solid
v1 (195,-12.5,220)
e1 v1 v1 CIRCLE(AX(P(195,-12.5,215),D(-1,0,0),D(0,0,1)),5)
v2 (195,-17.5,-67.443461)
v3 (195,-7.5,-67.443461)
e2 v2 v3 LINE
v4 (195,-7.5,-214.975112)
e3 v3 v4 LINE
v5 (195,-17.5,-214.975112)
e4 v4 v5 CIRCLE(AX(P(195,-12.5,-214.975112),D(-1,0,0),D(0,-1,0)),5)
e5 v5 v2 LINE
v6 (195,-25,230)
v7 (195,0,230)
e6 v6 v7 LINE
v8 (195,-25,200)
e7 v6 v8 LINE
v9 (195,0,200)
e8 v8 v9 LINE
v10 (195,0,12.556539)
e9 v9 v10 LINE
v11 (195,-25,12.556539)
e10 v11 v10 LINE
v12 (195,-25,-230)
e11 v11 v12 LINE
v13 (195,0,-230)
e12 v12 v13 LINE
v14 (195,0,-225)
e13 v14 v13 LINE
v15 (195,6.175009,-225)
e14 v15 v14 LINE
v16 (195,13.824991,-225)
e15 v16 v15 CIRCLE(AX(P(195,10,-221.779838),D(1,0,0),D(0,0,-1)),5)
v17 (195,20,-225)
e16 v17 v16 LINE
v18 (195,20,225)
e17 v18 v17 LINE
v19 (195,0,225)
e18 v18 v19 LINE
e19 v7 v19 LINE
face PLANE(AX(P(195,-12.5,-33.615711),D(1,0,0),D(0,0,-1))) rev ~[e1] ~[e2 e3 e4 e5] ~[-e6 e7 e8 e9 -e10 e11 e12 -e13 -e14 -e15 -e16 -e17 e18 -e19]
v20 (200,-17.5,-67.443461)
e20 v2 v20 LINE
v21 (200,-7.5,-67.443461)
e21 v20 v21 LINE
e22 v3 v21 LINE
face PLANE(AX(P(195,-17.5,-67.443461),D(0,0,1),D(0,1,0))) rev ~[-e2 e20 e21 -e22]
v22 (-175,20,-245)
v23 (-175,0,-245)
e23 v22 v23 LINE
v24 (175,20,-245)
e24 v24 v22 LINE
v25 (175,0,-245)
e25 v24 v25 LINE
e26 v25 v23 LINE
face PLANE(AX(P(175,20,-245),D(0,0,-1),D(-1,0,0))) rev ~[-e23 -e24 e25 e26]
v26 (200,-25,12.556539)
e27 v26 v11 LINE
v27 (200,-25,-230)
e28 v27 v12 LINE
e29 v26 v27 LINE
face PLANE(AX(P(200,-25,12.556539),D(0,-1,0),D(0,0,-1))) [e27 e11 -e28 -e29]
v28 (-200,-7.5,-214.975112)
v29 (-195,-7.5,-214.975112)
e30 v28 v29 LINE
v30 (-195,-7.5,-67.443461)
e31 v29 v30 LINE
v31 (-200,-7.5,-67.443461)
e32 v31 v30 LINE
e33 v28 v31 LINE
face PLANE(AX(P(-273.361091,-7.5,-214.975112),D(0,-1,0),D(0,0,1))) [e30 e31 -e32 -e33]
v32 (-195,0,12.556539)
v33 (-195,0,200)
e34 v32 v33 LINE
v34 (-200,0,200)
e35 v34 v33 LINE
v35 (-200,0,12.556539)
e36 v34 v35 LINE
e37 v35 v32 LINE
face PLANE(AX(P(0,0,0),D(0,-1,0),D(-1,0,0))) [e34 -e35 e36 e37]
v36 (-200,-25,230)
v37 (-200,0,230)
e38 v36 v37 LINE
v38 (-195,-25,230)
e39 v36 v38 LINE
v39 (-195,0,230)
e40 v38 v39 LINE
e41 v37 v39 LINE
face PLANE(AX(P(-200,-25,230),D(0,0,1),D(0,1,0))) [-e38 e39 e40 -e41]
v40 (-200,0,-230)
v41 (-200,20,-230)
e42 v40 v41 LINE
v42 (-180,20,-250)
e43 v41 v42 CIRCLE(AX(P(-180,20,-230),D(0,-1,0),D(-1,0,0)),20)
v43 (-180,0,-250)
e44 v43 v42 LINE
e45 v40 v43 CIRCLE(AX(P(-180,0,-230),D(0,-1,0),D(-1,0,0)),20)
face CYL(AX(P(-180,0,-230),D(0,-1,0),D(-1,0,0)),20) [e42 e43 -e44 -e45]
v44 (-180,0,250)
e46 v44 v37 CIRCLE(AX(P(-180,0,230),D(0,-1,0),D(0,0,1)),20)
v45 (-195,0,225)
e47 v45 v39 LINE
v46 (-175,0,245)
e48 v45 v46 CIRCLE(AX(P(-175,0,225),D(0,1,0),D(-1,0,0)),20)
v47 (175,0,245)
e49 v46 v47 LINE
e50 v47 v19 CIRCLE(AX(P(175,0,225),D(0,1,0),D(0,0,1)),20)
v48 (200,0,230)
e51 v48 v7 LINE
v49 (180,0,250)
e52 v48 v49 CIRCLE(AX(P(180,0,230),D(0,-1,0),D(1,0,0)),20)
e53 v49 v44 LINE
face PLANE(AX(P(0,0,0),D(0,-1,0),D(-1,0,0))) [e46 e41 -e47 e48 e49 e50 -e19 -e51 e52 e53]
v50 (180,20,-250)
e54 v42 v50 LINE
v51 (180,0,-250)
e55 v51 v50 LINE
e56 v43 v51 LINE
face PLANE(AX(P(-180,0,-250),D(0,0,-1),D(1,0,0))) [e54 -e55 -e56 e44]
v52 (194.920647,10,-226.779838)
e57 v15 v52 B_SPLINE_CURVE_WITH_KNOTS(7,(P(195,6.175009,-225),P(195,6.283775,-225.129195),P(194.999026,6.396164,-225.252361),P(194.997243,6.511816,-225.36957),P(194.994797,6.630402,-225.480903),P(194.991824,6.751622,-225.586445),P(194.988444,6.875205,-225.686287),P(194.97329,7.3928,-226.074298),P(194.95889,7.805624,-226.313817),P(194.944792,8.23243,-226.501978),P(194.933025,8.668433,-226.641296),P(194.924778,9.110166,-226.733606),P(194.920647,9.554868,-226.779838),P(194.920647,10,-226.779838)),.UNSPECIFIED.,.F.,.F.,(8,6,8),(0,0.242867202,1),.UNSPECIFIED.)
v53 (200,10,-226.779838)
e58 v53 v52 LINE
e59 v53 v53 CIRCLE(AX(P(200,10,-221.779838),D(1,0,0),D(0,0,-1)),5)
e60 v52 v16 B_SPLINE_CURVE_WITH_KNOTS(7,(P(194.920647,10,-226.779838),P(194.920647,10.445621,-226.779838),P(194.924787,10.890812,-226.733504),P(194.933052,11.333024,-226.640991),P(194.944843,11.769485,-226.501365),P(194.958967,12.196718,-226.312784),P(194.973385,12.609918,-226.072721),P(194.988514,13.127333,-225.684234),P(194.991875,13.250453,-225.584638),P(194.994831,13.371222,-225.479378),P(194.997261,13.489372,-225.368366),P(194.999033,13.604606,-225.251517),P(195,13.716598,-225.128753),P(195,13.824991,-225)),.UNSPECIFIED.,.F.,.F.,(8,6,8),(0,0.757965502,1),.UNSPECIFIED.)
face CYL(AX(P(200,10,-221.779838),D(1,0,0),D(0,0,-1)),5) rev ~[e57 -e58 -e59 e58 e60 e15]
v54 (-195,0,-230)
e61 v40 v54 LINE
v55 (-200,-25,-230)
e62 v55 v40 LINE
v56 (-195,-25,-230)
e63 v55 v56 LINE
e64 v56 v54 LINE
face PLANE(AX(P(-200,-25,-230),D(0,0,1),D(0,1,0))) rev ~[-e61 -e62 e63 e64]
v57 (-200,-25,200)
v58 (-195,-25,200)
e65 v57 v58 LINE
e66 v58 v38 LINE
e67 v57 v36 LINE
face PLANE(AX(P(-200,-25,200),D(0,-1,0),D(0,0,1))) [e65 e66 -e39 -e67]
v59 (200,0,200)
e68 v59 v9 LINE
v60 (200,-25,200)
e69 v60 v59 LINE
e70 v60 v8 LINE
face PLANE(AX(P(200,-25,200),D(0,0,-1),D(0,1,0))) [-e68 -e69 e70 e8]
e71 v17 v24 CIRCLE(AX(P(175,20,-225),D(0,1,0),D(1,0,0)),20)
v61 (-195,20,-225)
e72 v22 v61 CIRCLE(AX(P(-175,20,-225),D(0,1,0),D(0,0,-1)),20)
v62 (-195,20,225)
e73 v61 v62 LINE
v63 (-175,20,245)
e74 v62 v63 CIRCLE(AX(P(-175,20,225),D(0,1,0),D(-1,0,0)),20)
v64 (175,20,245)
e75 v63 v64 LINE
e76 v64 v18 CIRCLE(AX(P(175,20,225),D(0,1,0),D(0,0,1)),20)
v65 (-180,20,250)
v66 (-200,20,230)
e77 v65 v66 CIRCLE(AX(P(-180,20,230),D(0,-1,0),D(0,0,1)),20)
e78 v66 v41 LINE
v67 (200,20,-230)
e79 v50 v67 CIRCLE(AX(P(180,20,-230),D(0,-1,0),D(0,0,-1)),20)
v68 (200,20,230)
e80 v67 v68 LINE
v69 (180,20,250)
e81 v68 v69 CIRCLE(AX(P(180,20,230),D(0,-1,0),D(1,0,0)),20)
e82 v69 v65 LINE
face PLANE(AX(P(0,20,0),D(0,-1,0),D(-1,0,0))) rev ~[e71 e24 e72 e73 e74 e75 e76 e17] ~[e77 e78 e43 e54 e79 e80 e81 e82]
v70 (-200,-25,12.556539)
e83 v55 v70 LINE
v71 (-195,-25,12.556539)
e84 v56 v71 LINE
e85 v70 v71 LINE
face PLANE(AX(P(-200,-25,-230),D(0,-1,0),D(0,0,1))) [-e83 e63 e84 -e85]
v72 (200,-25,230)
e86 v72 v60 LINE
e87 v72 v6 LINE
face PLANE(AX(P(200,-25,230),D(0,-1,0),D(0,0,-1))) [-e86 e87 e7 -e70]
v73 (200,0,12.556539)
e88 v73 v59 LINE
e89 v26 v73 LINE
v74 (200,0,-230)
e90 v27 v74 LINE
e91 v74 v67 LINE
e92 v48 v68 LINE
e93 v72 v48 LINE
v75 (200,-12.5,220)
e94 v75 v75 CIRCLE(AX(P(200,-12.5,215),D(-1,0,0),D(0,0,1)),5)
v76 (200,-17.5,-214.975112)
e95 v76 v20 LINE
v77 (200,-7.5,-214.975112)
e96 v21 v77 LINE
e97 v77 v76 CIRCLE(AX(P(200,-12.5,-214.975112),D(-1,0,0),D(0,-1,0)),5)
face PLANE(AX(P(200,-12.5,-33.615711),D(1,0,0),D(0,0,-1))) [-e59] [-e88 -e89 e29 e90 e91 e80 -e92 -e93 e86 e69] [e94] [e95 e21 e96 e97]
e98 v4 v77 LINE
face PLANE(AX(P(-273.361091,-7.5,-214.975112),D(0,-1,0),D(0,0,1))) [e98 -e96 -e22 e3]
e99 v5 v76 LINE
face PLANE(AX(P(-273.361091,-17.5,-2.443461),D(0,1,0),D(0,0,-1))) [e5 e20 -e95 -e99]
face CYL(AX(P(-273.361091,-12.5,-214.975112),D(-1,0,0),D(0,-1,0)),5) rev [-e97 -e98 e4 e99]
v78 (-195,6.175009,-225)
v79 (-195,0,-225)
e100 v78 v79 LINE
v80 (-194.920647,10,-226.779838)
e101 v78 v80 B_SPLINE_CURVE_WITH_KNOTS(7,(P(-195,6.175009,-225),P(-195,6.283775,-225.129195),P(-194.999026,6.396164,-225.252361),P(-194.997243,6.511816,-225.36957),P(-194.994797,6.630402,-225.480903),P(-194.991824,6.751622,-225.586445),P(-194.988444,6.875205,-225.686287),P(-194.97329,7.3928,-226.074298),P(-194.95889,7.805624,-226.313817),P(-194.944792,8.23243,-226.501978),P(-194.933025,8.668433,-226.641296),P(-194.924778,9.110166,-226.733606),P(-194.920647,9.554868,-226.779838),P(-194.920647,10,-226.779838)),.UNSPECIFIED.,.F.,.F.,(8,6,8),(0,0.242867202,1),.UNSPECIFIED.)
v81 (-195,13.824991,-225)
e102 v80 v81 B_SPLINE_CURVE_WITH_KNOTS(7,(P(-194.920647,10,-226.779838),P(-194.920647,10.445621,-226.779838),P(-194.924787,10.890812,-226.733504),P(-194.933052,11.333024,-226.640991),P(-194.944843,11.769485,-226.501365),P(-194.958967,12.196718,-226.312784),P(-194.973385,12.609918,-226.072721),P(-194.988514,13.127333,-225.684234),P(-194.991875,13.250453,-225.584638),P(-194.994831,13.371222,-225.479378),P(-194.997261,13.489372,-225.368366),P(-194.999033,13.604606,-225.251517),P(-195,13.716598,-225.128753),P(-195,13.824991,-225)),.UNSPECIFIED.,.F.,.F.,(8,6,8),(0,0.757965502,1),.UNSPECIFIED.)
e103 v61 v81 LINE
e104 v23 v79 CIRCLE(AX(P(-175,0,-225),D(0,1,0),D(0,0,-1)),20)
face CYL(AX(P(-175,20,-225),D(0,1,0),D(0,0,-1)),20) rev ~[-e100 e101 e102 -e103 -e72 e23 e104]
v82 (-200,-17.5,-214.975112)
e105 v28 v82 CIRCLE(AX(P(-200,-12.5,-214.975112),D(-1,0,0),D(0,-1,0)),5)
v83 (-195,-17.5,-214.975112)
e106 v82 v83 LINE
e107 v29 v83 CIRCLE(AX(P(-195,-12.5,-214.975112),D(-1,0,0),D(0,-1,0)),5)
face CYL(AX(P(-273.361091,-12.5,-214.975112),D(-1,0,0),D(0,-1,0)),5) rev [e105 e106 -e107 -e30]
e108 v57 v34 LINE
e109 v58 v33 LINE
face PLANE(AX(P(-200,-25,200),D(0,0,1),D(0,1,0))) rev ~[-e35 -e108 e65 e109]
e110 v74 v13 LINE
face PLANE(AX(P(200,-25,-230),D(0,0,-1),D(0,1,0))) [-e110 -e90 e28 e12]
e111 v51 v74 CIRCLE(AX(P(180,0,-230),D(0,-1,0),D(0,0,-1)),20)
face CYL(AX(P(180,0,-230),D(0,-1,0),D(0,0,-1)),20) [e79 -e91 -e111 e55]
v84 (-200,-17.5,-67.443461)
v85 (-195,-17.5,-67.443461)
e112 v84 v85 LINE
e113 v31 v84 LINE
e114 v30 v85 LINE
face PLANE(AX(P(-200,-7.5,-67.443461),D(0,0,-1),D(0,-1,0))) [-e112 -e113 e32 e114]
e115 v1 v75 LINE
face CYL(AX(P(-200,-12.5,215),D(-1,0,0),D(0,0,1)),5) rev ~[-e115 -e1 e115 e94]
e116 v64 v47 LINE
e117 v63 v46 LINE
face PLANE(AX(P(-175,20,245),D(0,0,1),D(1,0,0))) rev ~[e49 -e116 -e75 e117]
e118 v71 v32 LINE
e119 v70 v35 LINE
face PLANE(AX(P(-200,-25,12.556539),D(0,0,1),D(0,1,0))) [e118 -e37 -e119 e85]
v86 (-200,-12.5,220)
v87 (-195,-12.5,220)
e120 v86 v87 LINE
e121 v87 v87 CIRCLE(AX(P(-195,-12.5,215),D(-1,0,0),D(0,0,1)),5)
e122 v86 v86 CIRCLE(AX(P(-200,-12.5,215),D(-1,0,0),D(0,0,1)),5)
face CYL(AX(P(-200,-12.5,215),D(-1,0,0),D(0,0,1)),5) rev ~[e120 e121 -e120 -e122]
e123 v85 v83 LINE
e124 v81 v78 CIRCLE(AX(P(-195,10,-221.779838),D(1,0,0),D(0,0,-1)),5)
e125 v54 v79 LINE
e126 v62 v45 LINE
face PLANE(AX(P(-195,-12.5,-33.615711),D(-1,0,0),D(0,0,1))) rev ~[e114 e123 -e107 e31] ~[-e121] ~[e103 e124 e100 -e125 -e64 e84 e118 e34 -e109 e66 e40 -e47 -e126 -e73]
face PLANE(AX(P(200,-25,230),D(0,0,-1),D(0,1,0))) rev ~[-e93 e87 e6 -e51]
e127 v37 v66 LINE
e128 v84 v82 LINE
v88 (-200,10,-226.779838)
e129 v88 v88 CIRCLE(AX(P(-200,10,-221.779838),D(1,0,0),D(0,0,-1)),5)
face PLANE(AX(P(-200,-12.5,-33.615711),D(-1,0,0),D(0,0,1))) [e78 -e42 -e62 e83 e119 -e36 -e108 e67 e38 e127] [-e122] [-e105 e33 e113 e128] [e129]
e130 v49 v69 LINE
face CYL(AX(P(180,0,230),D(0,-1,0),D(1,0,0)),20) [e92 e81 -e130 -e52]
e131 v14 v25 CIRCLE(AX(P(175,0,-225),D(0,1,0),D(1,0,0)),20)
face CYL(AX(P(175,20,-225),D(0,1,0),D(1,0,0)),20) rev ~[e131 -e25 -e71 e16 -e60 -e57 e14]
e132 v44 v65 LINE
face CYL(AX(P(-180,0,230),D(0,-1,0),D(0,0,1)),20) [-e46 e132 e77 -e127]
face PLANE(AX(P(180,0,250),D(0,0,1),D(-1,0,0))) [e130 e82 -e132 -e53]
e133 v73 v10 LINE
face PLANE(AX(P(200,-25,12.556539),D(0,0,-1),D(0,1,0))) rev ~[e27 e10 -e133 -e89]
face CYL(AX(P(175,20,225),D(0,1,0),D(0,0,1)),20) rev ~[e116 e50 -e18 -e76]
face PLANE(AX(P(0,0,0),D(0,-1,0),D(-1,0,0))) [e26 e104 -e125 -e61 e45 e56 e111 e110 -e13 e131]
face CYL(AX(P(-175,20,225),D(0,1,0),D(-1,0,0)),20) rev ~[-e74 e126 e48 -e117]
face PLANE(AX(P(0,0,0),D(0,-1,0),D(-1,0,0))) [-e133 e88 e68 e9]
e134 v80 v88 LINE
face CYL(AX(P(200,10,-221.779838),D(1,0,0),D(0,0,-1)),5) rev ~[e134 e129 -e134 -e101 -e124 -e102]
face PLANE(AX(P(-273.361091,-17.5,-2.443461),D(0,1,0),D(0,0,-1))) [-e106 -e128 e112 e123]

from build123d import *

# Parameters (mm, degrees)
BOSS_EXTRUDE2_DEPTH     = 20
CUT_EXTRUDE1_DEPTH      = 20
SKETCH7_W               = 242.556539121
SKETCH7_H               = 25
BOSS_EXTRUDE3_DEPTH     = 5
SKETCH8_W               = 242.556539121
SKETCH8_H               = 25
BOSS_EXTRUDE4_DEPTH     = 5
CUT_EXTRUDE2_DEPTH      = 473.361090692
CUT_EXTRUDE2_DEPTH_BACK = 473.361090692
SKETCH11_W              = 30
SKETCH11_H              = 25
BOSS_EXTRUDE5_DEPTH     = 5
SKETCH13_W              = 30
SKETCH13_H              = 25
BOSS_EXTRUDE6_DEPTH     = 5
SKETCH14_R              = 5
CUT_EXTRUDE3_DEPTH      = 473.361090692
BOSS_EXTRUDE7_DEPTH     = 5
BOSS_EXTRUDE8_START     = -5
BOSS_EXTRUDE8_DEPTH     = 5
SKETCH19_R              = 5
CUT_EXTRUDE4_DEPTH      = 473.361090692


with BuildPart() as part:
    # Sketch5 → Boss-Extrude2 (new body)
    with BuildSketch(Plane(origin=(0, 0, 0), x_dir=(1, 0, 0), z_dir=(0, 1, 0))):
        with BuildLine():
            Line((-180, 250), (180, 250))
            ThreePointArc((180, 250), (194.142135624, 244.142135624), (200, 230))
            Line((200, 230), (200, -230))
            ThreePointArc((200, -230), (194.142135624, -244.142135624), (180, -250))
            Line((180, -250), (-180, -250))
            ThreePointArc((-180, -250), (-194.142135624, -244.142135624), (-200, -230))
            Line((-200, -230), (-200, 230))
            ThreePointArc((-200, 230), (-194.142135624, 244.142135624), (-180, 250))
        make_face()
    extrude(amount=BOSS_EXTRUDE2_DEPTH)

    # Sketch6 → Cut-Extrude1 (cut)
    with BuildSketch(Plane(origin=(0, 20, 0), x_dir=(1, 0, 0), z_dir=(0, 1, 0))):
        with BuildLine():
            Line((-175, -245), (175, -245))
            ThreePointArc((175, -245), (189.142135624, -239.142135624), (195, -225))
            Line((195, -225), (195, 225))
            ThreePointArc((195, 225), (189.142135624, 239.142135624), (175, 245))
            Line((175, 245), (-175, 245))
            ThreePointArc((-175, 245), (-189.142135624, 239.142135624), (-195, 225))
            Line((-195, 225), (-195, -225))
            ThreePointArc((-195, -225), (-189.142135624, -239.142135624), (-175, -245))
        make_face()
    extrude(amount=-CUT_EXTRUDE1_DEPTH, mode=Mode.SUBTRACT)

    # Sketch7 → Boss-Extrude3 (add)
    with BuildSketch(Plane(origin=(200, 0, 0), x_dir=(0, 0, -1), z_dir=(1, 0, 0))):
        with Locations((108.72173044, -12.5)):
            Rectangle(SKETCH7_W, SKETCH7_H)
    extrude(amount=-BOSS_EXTRUDE3_DEPTH)

    # Sketch8 → Boss-Extrude4 (add)
    with BuildSketch(Plane.ZY.offset(200)):
        with Locations((-108.72173044, -12.5)):
            Rectangle(SKETCH8_W, SKETCH8_H)
    extrude(amount=-BOSS_EXTRUDE4_DEPTH)

    # Sketch10 → Cut-Extrude2 (cut, two sides: drawn at the far end of the back side and taken through both)
    with BuildSketch(Plane(origin=(200, 0, 0), x_dir=(0, 0, -1), z_dir=(1, 0, 0)).offset(-CUT_EXTRUDE2_DEPTH_BACK)):
        with BuildLine():
            Line((214.975112076, -7.5), (2.443460879, -7.5))
            ThreePointArc((2.443460879, -7.5), (-2.556539121, -12.5), (2.443460879, -17.5))
            Line((2.443460879, -17.5), (214.975112076, -17.5))
            ThreePointArc((214.975112076, -17.5), (219.975112076, -12.5), (214.975112076, -7.5))
        make_face()
    extrude(amount=CUT_EXTRUDE2_DEPTH + CUT_EXTRUDE2_DEPTH_BACK, mode=Mode.SUBTRACT)

    # Sketch11 → Boss-Extrude5 (add)
    with BuildSketch(Plane(origin=(200, 0, 0), x_dir=(0, 0, -1), z_dir=(1, 0, 0))):
        with Locations((-215, -12.5)):
            Rectangle(SKETCH11_W, SKETCH11_H)
    extrude(amount=-BOSS_EXTRUDE5_DEPTH)

    # Sketch13 → Boss-Extrude6 (add)
    with BuildSketch(Plane.ZY.offset(200)):
        with Locations((215, -12.5)):
            Rectangle(SKETCH13_W, SKETCH13_H)
    extrude(amount=-BOSS_EXTRUDE6_DEPTH)

    # Sketch14 → Cut-Extrude3 (cut, through all)
    with BuildSketch(Plane.ZY.offset(200)):
        with Locations((215, -12.5)):
            Circle(SKETCH14_R)
    extrude(amount=-CUT_EXTRUDE3_DEPTH, mode=Mode.SUBTRACT)

    # Sketch16 → Boss-Extrude7 (add)
    with BuildSketch(Plane.ZY.offset(200)):
        with BuildLine():
            Line((-67.443460879, -17.5), (-2.443460879, -17.5))
            ThreePointArc((-2.443460879, -17.5), (2.556539121, -12.5), (-2.443460879, -7.5))
            Line((-2.443460879, -7.5), (-67.443460879, -7.5))
            Line((-67.443460879, -7.5), (-67.443460879, -17.5))
        make_face()
    extrude(amount=-BOSS_EXTRUDE7_DEPTH)

    # Sketch17 → Boss-Extrude8 (add)
    with BuildSketch(Plane(origin=(200, 0, 0), x_dir=(0, 0, -1), z_dir=(1, 0, 0)).offset(BOSS_EXTRUDE8_START)):
        with BuildLine():
            Line((67.443460879, -17.5), (67.443460879, -7.5))
            Line((67.443460879, -7.5), (2.443460879, -7.5))
            ThreePointArc((2.443460879, -7.5), (-2.556539121, -12.5), (2.443460879, -17.5))
            Line((2.443460879, -17.5), (67.443460879, -17.5))
        make_face()
    extrude(amount=BOSS_EXTRUDE8_DEPTH)

    # Sketch19 → Cut-Extrude4 (cut, through all)
    with BuildSketch(Plane(origin=(200, 0, 0), x_dir=(0, 0, -1), z_dir=(1, 0, 0))):
        with Locations((221.779838072, 10)):
            Circle(SKETCH19_R)
    extrude(amount=-CUT_EXTRUDE4_DEPTH, mode=Mode.SUBTRACT)


solid = part.part
